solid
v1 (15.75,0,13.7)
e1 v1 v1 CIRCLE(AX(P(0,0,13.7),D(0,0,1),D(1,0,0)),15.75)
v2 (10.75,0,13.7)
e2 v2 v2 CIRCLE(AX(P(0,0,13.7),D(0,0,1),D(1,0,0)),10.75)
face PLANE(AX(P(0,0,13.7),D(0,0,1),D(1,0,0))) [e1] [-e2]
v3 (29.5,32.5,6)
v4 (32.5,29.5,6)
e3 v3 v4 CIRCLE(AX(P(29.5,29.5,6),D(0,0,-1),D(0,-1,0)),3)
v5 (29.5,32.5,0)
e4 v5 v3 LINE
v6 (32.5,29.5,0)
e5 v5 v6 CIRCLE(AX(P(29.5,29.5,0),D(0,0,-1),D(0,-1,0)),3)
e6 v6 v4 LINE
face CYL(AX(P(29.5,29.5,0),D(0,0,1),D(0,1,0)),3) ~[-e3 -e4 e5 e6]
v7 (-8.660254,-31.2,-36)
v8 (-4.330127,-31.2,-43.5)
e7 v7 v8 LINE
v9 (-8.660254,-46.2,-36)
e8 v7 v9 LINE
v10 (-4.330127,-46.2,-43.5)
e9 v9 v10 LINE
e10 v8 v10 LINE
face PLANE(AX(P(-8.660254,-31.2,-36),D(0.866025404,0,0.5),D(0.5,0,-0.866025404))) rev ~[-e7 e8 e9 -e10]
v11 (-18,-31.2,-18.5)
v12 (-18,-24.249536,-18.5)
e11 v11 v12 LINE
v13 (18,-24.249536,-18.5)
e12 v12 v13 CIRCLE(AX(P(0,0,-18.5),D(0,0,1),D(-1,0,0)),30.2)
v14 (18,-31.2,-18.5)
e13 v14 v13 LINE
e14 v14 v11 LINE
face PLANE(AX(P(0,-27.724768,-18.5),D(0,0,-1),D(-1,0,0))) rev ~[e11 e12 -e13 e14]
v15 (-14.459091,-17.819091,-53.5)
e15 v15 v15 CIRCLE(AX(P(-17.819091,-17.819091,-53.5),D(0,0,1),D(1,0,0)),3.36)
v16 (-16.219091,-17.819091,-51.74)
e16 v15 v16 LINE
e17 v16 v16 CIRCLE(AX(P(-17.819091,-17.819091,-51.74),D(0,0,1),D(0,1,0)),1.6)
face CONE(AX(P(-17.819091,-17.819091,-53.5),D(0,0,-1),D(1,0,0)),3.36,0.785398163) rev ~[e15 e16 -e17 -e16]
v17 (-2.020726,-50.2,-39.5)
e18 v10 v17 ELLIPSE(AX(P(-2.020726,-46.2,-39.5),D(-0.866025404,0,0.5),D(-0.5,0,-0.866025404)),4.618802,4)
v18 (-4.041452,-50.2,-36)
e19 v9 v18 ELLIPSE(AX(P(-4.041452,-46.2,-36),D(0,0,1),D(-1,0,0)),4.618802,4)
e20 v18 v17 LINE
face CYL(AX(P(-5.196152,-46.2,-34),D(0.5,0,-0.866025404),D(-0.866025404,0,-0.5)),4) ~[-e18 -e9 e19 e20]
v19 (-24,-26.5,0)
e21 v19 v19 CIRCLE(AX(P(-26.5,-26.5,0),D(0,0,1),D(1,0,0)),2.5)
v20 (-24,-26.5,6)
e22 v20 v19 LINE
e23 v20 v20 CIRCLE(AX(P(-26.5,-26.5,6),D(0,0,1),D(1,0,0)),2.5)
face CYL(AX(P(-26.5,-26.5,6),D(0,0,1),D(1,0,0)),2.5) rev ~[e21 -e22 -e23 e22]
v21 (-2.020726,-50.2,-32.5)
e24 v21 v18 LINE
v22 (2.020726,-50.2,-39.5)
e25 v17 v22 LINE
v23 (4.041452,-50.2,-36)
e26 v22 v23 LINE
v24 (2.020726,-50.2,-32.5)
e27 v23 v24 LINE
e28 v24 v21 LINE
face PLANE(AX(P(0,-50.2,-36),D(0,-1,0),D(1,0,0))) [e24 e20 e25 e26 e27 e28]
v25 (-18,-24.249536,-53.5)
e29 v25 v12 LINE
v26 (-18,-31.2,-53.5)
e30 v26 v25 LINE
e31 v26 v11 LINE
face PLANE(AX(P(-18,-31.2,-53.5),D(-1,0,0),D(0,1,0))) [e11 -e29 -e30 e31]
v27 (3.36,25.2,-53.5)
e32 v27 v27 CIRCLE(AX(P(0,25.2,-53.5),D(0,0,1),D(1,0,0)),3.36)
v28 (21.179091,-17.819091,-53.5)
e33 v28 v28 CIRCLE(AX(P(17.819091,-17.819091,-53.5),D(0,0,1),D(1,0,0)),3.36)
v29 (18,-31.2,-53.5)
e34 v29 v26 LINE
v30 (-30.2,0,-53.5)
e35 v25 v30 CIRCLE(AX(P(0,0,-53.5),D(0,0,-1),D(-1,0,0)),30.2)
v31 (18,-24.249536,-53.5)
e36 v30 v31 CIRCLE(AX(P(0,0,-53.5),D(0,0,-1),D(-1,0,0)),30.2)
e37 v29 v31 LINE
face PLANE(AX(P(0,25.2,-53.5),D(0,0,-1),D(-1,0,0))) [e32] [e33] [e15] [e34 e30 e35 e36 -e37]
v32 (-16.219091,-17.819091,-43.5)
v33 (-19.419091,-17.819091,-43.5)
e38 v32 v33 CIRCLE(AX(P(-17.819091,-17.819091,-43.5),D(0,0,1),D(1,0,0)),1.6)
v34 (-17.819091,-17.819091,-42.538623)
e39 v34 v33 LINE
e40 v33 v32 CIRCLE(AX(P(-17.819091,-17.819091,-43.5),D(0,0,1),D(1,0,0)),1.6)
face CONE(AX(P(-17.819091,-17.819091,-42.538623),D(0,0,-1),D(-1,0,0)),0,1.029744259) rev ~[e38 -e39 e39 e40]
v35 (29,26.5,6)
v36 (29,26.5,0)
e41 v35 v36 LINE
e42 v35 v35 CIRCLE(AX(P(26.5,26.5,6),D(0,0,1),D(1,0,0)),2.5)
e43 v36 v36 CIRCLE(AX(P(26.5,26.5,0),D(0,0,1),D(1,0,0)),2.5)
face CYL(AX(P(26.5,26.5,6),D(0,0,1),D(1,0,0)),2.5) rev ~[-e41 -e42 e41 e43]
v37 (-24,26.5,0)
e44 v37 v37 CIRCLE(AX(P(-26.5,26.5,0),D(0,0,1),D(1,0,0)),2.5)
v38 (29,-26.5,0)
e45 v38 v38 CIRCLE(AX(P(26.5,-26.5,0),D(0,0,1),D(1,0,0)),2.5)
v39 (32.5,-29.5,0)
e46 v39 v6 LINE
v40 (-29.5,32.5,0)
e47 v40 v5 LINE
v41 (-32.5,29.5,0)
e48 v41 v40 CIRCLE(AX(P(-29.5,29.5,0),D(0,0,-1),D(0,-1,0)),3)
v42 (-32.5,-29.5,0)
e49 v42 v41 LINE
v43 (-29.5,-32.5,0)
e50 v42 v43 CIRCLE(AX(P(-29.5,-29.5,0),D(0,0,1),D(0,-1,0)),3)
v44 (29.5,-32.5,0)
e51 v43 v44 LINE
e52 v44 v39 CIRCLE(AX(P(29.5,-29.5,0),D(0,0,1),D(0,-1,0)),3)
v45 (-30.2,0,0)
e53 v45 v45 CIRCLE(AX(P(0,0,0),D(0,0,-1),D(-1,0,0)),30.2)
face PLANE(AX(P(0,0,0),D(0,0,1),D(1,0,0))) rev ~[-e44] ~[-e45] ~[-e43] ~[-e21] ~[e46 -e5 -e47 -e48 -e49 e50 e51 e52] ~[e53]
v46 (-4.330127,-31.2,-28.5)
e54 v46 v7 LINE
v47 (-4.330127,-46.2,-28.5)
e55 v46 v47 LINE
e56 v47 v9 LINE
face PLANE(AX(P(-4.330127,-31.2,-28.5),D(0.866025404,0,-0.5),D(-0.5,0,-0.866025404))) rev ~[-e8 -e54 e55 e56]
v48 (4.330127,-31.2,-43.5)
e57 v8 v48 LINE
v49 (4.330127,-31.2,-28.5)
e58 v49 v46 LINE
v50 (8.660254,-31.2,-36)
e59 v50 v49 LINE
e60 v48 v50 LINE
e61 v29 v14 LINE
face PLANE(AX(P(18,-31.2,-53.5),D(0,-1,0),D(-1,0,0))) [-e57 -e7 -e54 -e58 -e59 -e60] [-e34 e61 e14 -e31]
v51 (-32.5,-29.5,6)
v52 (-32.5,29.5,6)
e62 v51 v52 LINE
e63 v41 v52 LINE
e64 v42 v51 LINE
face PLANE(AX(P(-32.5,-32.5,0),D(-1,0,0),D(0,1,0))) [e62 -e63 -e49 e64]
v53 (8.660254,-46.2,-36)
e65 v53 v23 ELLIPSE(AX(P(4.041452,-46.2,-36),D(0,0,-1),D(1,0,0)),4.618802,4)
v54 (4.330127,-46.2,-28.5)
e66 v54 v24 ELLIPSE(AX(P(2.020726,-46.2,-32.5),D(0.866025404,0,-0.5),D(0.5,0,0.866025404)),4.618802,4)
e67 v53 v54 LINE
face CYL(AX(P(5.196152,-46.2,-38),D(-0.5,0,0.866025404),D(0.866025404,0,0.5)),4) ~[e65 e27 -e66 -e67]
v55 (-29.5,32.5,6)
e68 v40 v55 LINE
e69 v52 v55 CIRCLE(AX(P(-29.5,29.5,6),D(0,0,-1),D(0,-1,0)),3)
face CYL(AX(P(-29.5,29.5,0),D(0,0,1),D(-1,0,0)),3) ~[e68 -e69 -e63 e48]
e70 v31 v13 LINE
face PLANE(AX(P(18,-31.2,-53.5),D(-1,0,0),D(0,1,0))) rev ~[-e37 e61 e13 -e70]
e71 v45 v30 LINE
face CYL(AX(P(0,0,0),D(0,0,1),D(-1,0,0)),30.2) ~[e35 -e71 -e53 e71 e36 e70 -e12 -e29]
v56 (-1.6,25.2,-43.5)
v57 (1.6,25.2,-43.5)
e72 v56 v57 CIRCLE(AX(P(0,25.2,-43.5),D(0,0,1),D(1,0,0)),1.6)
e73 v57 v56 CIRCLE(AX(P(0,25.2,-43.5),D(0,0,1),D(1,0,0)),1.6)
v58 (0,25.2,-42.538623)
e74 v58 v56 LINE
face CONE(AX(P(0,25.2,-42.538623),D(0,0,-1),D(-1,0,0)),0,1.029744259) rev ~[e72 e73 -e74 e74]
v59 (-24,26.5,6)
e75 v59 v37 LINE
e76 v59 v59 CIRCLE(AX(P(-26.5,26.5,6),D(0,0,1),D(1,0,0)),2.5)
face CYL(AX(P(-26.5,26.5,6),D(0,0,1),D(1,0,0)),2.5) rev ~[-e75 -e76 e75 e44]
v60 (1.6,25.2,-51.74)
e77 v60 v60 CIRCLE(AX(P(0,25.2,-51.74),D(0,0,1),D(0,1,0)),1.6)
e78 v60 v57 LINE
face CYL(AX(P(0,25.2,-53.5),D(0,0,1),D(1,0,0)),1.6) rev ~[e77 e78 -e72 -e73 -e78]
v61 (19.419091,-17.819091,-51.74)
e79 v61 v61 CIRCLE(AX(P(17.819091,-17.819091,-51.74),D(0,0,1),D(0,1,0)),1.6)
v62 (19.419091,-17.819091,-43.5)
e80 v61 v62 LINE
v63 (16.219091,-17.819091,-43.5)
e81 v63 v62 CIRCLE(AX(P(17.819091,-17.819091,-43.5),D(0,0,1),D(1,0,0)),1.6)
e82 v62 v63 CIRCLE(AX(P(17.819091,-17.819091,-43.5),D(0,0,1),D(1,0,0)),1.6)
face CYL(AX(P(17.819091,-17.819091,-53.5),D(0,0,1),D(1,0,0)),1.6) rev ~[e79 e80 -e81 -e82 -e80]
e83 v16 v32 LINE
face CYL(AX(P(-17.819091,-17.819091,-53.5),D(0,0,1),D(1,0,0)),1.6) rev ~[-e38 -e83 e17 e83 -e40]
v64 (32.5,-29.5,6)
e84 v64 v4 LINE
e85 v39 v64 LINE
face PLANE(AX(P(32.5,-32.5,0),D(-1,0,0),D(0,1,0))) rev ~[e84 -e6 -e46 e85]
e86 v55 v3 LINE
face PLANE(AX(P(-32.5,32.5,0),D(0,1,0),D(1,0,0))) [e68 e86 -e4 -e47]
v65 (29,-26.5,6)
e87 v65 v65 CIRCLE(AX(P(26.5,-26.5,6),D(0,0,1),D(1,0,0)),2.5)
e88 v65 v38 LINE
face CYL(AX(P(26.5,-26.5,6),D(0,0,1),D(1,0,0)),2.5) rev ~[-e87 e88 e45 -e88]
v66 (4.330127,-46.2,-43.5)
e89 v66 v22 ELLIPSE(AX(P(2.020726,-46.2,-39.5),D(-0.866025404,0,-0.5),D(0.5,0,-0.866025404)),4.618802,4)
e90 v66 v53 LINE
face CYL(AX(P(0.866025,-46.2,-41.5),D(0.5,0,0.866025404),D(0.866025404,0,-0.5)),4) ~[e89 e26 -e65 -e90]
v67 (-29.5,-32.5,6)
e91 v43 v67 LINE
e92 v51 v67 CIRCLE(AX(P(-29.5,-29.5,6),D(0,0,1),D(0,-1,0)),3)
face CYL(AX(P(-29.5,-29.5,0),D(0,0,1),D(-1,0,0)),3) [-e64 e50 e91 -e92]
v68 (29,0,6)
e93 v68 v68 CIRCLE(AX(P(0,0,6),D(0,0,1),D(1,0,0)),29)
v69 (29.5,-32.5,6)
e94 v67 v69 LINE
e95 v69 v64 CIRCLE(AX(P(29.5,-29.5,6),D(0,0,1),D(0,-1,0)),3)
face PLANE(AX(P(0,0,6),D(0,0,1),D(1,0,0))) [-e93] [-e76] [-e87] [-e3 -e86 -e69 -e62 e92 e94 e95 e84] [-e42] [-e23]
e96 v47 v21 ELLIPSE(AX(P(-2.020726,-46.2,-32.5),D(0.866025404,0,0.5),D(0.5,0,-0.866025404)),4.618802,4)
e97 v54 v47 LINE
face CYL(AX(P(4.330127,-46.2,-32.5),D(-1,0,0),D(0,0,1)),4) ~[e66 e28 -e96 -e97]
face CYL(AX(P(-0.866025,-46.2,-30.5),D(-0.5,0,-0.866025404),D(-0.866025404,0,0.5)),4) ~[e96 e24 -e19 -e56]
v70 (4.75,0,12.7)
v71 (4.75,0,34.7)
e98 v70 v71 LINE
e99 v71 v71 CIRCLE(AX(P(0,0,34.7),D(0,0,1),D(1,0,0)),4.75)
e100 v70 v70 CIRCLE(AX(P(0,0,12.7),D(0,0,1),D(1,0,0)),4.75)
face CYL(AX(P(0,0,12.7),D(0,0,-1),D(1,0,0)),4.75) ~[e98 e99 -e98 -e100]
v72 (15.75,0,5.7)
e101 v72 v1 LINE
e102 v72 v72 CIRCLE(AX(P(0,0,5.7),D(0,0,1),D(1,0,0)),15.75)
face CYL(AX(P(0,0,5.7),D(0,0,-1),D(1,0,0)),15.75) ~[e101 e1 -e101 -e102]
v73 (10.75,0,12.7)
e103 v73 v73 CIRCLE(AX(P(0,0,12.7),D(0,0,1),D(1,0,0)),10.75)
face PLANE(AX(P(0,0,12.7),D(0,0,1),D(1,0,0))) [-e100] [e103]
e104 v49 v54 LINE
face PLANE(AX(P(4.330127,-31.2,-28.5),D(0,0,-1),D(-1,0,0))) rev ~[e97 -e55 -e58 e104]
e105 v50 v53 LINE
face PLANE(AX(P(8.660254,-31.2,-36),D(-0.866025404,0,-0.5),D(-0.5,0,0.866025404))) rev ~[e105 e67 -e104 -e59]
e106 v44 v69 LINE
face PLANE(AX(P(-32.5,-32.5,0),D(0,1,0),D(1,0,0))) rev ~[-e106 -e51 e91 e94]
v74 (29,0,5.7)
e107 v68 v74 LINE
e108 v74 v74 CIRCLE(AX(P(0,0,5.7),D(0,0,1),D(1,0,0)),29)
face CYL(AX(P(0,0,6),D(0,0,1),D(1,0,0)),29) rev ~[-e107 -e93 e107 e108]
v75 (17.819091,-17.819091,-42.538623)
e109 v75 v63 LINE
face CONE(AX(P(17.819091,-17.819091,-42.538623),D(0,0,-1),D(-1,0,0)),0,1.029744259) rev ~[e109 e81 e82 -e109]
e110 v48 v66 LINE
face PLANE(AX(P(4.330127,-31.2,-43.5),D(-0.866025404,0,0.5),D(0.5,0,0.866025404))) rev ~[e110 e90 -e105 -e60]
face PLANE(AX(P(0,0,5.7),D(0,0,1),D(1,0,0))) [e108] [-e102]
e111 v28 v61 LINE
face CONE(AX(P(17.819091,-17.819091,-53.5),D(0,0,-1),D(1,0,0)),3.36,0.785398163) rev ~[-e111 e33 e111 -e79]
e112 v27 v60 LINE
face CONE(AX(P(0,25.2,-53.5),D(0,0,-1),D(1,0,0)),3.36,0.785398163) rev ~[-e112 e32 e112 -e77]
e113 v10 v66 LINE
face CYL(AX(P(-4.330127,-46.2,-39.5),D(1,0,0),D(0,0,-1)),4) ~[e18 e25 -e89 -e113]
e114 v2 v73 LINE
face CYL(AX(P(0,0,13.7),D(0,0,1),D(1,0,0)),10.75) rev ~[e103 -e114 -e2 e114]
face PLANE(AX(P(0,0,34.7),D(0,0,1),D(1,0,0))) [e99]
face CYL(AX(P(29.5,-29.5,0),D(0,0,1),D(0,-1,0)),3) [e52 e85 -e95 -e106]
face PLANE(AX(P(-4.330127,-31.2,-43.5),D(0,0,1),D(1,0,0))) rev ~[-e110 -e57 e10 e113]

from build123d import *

# Parameters (mm, degrees)
IZIM1_W                        = 65
IZIM1_H                        = 65
Y_KSEKLIK_EKSTR_ZYON1_DEPTH    = 6
IZIM2_R                        = 30.2
Y_KSEKLIK_EKSTR_ZYON2_DEPTH    = 53.5
IZIM3_W                        = 36
IZIM3_H                        = 6.950463922
Y_KSEKLIK_EKSTR_ZYON3_DEPTH    = 35
IZIM5_R                        = 1.5
KES_EKSTR_ZYON2_DEPTH          = 10
Y_KSEKLIK_EKSTR_ZYON7_START    = 10
IZIM31_R                       = 1.5
Y_KSEKLIK_EKSTR_ZYON7_DEPTH    = 10
M3_SFHCS_IN_HAV_A5_D           = 3.2
M3_SFHCS_IN_HAV_A5_DEPTH       = 10
M3_SFHCS_IN_HAV_A5_CSINK_D     = 6.72
M3_SFHCS_IN_HAV_A5_CSINK_ANGLE = 90
M3_SFHCS_IN_HAV_A5_TIP         = 0.96137699
Y_KSEKLIK_EKSTR_ZYON8_DEPTH    = 19
RADYUS1_R                      = 4
IZIM35_R                       = 29
KES_EKSTR_ZYON3_DEPTH          = 0.3
IZIM36_R                       = 15.75
Y_KSEKLIK_EKSTR_ZYON9_DEPTH    = 8
IZIM37_R                       = 10.75
KES_EKSTR_ZYON4_DEPTH          = 1
IZIM38_R                       = 4.75
Y_KSEKLIK_EKSTR_ZYON10_DEPTH   = 22
IZIM39_R                       = 2.5
KES_EKSTR_ZYON5_DEPTH          = 10
RADYUS2_R                      = 3


with BuildPart() as part:
    # Çizim1 → Yükseklik-Ekstrüzyon1 (new body)
    with BuildSketch(Plane.XY):
        Rectangle(IZIM1_W, IZIM1_H)
    extrude(amount=Y_KSEKLIK_EKSTR_ZYON1_DEPTH)

    # Çizim2 → Yükseklik-Ekstrüzyon2 (add)
    with BuildSketch(Plane(origin=(0, 0, 0), x_dir=(-1, 0, 0), z_dir=(0, 0, -1))):
        Circle(IZIM2_R)
    extrude(amount=Y_KSEKLIK_EKSTR_ZYON2_DEPTH)

    # Çizim3 → Yükseklik-Ekstrüzyon3 (add)
    with BuildSketch(Plane(origin=(0, 0, -53.5), x_dir=(-1, 0, 0), z_dir=(0, 0, -1))):
        with Locations((0, -27.724768039)):
            Rectangle(IZIM3_W, IZIM3_H)
    extrude(amount=-Y_KSEKLIK_EKSTR_ZYON3_DEPTH)

    # Çizim5 → Kes-Ekstrüzyon2 (cut)
    with BuildSketch(Plane(origin=(0, 0, -53.5), x_dir=(-1, 0, 0), z_dir=(0, 0, -1))):
        with Locations((0, 25.2)):
            Circle(IZIM5_R)
        with Locations((-17.819090886, -17.819090886)):
            Circle(IZIM5_R)
        with Locations((17.819090886, -17.819090886)):
            Circle(IZIM5_R)
    extrude(amount=-KES_EKSTR_ZYON2_DEPTH, mode=Mode.SUBTRACT)

    # Çizim31 → Yükseklik-Ekstrüzyon7 (add)
    with BuildSketch(Plane(origin=(0, 0, -43.5), x_dir=(-1, 0, 0), z_dir=(0, 0, -1)).offset(Y_KSEKLIK_EKSTR_ZYON7_START)):
        with Locations((0, 25.2)):
            Circle(IZIM31_R)
        with Locations((17.819090886, -17.819090886)):
            Circle(IZIM31_R)
        with Locations((-17.819090886, -17.819090886)):
            Circle(IZIM31_R)
    extrude(amount=-Y_KSEKLIK_EKSTR_ZYON7_DEPTH)

    # M3 SFHCS İçin Havşa5
    with Locations(Plane(origin=(0, 0, -53.5), x_dir=(-1, 0, 0), z_dir=(0, 0, -1))):
        with Locations((0, 25.2), (-17.819090886, -17.819090886), (17.819090886, -17.819090886)):
            CounterSinkHole(M3_SFHCS_IN_HAV_A5_D / 2, M3_SFHCS_IN_HAV_A5_CSINK_D / 2, depth=M3_SFHCS_IN_HAV_A5_DEPTH, counter_sink_angle=M3_SFHCS_IN_HAV_A5_CSINK_ANGLE)
            with Locations((0, 0, -(M3_SFHCS_IN_HAV_A5_DEPTH + M3_SFHCS_IN_HAV_A5_TIP / 2))):  # 118° drill point
                Cone(0, M3_SFHCS_IN_HAV_A5_D / 2, M3_SFHCS_IN_HAV_A5_TIP, mode=Mode.SUBTRACT)

    # Çizim34 → Yükseklik-Ekstrüzyon8 (add)
    with BuildSketch(Plane.XZ.offset(31.2)):
        Polygon((-8.660254038, -36), (-4.330127019, -43.5), (4.330127019, -43.5), (8.660254038, -36), (4.330127019, -28.5), (-4.330127019, -28.5), align=None)
    extrude(amount=Y_KSEKLIK_EKSTR_ZYON8_DEPTH)

    # Radyus1
    radyus1_edges = [part.edges().sort_by_distance(p)[0] for p in [
        (-6.495190528, -50.2, -32.25),
        (-6.495190528, -50.2, -39.75),
        (0, -50.2, -43.5),
        (6.495190528, -50.2, -39.75),
        (6.495190528, -50.2, -32.25),
        (0, -50.2, -28.5),
    ]]
    fillet(radyus1_edges, radius=RADYUS1_R)

    # Çizim35 → Kes-Ekstrüzyon3 (cut)
    with BuildSketch(Plane.XY.offset(6)):
        Circle(IZIM35_R)
    extrude(amount=-KES_EKSTR_ZYON3_DEPTH, mode=Mode.SUBTRACT)

    # Çizim36 → Yükseklik-Ekstrüzyon9 (add)
    with BuildSketch(Plane.XY.offset(5.7)):
        Circle(IZIM36_R)
    extrude(amount=Y_KSEKLIK_EKSTR_ZYON9_DEPTH)

    # Çizim37 → Kes-Ekstrüzyon4 (cut)
    with BuildSketch(Plane.XY.offset(13.7)):
        Circle(IZIM37_R)
    extrude(amount=-KES_EKSTR_ZYON4_DEPTH, mode=Mode.SUBTRACT)

    # Çizim38 → Yükseklik-Ekstrüzyon10 (add)
    with BuildSketch(Plane.XY.offset(12.7)):
        Circle(IZIM38_R)
    extrude(amount=Y_KSEKLIK_EKSTR_ZYON10_DEPTH)

    # Çizim39 → Kes-Ekstrüzyon5 (cut)
    with BuildSketch(Plane.XY.offset(6)):
        with Locations((26.5, -26.5)):
            Circle(IZIM39_R)
        with Locations((-26.5, -26.5)):
            Circle(IZIM39_R)
        with Locations((-26.5, 26.5)):
            Circle(IZIM39_R)
        with Locations((26.5, 26.5)):
            Circle(IZIM39_R)
    extrude(amount=-KES_EKSTR_ZYON5_DEPTH, mode=Mode.SUBTRACT)

    # Radyus2
    radyus2_edges = [part.edges().sort_by_distance(p)[0] for p in [
        (-32.5, 32.5, 3),
        (32.5, 32.5, 3),
        (32.5, -32.5, 3),
        (-32.5, -32.5, 3),
    ]]
    fillet(radyus2_edges, radius=RADYUS2_R)


solid = part.part
